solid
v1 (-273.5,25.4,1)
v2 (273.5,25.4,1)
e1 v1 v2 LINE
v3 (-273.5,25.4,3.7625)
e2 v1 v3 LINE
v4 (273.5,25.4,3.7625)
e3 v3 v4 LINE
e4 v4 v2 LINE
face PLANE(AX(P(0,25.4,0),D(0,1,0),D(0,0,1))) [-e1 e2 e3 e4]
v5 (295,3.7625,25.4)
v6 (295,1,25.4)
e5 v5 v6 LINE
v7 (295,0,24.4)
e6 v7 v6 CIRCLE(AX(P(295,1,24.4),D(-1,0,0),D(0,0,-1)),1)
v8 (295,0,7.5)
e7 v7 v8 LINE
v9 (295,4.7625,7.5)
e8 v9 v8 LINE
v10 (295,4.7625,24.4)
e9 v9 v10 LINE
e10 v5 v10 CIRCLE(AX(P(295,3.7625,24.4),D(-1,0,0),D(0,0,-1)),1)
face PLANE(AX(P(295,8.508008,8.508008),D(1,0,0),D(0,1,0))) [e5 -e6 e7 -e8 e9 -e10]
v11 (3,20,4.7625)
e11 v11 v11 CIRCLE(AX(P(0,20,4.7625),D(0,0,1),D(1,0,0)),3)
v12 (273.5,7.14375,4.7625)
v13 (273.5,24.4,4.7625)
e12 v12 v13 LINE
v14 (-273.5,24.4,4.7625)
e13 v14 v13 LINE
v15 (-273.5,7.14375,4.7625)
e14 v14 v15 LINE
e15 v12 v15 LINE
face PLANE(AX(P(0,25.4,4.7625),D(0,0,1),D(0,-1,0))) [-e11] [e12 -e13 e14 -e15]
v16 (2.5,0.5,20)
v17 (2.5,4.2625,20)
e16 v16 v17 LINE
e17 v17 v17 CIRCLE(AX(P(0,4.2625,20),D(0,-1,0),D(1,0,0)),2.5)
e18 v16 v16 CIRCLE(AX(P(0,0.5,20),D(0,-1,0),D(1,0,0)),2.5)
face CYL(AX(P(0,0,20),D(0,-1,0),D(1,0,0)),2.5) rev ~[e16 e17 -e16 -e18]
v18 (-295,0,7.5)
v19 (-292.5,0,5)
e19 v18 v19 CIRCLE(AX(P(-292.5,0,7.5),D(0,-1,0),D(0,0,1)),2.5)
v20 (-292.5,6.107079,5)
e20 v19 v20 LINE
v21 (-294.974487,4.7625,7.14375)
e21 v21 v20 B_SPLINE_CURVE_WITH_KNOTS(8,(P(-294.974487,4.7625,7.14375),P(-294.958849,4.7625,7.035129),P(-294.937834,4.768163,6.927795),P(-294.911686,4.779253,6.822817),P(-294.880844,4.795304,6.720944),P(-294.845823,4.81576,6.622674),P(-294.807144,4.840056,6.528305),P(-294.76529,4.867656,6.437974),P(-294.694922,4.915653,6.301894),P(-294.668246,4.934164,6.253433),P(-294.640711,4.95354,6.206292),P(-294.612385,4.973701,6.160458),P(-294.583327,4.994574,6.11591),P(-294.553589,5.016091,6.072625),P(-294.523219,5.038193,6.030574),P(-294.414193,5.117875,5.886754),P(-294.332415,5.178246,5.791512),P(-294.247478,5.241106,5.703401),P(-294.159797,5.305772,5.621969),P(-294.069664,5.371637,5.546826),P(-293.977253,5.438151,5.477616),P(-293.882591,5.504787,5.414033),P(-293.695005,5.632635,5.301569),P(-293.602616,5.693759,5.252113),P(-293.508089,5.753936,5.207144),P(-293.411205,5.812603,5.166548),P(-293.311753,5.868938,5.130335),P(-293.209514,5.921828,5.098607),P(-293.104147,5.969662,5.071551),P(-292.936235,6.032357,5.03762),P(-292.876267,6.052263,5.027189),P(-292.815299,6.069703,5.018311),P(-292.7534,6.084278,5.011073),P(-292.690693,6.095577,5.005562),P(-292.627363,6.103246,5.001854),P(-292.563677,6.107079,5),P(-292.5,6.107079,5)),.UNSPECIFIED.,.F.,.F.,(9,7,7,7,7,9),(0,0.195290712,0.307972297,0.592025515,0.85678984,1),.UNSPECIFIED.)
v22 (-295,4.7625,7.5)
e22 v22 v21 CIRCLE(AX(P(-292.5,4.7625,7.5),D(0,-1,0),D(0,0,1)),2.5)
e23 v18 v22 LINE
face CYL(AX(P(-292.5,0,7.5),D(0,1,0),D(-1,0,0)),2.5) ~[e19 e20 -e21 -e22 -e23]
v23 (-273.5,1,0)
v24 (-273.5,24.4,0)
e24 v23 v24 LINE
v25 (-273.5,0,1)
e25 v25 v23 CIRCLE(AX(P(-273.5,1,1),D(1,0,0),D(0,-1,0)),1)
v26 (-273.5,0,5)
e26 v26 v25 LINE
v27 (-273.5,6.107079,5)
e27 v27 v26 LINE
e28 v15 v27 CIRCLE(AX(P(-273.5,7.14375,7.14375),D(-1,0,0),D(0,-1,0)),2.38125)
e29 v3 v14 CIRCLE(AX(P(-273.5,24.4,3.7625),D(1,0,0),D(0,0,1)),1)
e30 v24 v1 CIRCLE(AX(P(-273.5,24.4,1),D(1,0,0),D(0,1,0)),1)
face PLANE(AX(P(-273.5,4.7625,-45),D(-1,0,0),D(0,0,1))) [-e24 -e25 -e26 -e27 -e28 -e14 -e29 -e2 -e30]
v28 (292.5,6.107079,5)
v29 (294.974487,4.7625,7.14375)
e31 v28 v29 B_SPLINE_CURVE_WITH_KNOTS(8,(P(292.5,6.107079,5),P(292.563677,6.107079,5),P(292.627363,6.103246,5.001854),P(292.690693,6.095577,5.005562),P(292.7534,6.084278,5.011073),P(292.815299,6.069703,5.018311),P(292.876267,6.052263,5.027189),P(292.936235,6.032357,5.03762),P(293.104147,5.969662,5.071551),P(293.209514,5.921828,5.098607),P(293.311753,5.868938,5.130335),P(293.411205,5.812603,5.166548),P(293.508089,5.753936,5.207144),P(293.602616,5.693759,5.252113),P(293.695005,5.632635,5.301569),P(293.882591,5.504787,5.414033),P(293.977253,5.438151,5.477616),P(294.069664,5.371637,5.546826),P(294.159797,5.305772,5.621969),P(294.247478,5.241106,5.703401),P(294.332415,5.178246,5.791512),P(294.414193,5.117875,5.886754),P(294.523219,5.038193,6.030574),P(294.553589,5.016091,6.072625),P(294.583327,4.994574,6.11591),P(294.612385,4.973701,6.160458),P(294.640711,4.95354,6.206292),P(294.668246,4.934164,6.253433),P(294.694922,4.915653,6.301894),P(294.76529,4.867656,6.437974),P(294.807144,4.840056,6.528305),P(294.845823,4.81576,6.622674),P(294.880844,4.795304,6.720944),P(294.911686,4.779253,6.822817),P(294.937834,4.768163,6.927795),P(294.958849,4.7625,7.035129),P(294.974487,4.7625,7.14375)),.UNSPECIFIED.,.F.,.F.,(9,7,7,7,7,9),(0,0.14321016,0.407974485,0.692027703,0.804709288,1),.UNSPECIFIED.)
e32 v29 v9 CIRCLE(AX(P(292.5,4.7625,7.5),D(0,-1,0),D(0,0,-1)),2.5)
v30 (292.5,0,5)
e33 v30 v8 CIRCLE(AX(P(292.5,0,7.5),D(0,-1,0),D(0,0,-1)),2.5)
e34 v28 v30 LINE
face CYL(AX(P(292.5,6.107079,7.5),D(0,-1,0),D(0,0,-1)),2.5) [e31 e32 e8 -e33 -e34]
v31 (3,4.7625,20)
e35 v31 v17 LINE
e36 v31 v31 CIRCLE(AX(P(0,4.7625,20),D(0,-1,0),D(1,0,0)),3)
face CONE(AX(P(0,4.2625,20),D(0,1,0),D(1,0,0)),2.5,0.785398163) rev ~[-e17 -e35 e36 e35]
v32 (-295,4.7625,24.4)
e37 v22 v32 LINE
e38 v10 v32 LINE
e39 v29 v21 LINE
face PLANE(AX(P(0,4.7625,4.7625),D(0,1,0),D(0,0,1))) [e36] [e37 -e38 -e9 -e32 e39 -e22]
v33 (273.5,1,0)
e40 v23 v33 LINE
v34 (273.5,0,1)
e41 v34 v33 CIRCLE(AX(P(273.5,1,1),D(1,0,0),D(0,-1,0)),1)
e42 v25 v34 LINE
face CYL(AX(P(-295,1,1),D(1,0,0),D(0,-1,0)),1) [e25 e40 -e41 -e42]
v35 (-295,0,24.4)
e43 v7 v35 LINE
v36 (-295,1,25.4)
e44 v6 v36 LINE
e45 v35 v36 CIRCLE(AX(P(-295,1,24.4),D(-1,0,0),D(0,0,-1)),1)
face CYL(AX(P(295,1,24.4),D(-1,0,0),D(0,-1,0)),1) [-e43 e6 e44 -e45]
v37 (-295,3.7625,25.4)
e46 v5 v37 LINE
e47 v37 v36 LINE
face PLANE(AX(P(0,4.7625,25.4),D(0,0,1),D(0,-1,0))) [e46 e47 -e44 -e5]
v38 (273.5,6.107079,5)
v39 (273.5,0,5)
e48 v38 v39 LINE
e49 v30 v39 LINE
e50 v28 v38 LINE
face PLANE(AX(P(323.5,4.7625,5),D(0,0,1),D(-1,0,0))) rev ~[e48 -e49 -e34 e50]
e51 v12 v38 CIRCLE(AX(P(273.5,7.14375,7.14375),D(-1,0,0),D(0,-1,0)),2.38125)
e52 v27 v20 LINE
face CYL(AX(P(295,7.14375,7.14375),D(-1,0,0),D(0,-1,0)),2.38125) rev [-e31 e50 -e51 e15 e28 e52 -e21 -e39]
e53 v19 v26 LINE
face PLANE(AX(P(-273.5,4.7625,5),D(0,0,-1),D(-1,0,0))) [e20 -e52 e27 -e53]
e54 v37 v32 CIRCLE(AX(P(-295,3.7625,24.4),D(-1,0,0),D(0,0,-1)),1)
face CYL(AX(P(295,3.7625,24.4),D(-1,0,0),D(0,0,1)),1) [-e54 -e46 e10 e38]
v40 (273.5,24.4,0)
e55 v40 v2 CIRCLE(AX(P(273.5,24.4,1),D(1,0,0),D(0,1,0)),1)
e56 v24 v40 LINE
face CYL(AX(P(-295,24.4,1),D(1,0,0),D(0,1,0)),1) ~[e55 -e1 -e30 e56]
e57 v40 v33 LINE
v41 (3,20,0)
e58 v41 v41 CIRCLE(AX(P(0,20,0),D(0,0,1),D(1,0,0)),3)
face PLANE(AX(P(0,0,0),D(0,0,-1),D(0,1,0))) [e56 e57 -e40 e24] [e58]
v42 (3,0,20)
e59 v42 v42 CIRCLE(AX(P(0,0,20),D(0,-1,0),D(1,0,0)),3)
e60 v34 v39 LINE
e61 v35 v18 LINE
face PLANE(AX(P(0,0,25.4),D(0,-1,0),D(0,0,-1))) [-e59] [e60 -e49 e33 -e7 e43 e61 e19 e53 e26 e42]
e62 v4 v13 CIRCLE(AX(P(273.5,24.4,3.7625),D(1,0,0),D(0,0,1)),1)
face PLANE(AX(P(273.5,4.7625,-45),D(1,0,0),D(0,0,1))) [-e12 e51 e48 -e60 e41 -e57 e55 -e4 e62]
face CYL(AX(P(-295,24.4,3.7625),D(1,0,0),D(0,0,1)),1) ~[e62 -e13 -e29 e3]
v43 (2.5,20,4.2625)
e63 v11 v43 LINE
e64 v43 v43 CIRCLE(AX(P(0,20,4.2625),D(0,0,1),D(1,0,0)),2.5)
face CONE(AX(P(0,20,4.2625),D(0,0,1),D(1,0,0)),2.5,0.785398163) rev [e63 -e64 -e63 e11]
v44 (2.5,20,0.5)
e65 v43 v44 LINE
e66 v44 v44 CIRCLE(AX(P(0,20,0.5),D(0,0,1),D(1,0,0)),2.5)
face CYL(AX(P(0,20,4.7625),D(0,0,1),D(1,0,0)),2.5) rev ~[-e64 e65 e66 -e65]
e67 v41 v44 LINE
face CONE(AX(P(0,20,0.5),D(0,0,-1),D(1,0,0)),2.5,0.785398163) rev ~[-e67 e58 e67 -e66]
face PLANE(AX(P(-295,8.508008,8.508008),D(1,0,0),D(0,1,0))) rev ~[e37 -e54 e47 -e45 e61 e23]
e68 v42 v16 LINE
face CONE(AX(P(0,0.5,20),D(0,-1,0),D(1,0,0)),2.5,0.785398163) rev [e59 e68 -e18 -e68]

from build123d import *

# Parameters (mm, degrees)
F1_DEPTH  = 295
F2_R      = 1
F3_R      = 2.38125
F5_W      = 50
F5_H      = 50
F6_DEPTH  = 25
F7_R      = 2.5
F8_R      = 2.5
F9_DEPTH  = 25
F10_SIZE  = 0.5
F11_R     = 2.5
F12_DEPTH = 25
F13_SIZE  = 0.5


with BuildPart() as f1:
    # F0 (on Right) → F1 (new body, symmetric)
    with BuildSketch(Plane.YZ):
        Polygon((0, 25.4), (0, 0), (25.4, 0), (25.4, 4.7625), (4.7625, 4.7625), (4.7625, 25.4), align=None)
    extrude(amount=F1_DEPTH, both=True)

    # F2
    f2_edges = [f1.edges().sort_by_distance(p)[0] for p in [
        (0, 0, 25.4),
        (0, 4.7625, 25.4),
        (0, 0, 0),
        (0, 25.4, 4.7625),
        (0, 25.4, 0),
    ]]
    fillet(f2_edges, radius=F2_R)

    # F3
    f3_edges = [f1.edges().sort_by_distance(p)[0] for p in [
        (0, 4.7625, 4.7625),
    ]]
    fillet(f3_edges, radius=F3_R)

    # F5 (on face) → F6 (cut, symmetric)
    with BuildSketch(Plane(origin=(0, 4.7625, 0), x_dir=(-1, 0, 0), z_dir=(0, 1, 0))):
        with Locations((-298.5, -20)):
            Rectangle(F5_W, F5_H)
        with Locations((298.5, -20)):
            Rectangle(F5_W, F5_H)
    extrude(amount=F6_DEPTH, both=True, mode=Mode.SUBTRACT)

    # F7
    f7_edges = [f1.edges().sort_by_distance(p)[0] for p in [
        (295, 3.053539, 5),
        (-295, 3.053539, 5),
    ]]
    fillet(f7_edges, radius=F7_R)

    # F8 (on face) → F9 (cut)
    with BuildSketch(Plane.XY.offset(4.7625)):
        with Locations((0, 20)):
            Circle(F8_R)
    extrude(amount=-F9_DEPTH, mode=Mode.SUBTRACT)

    # F10
    f10_edges = [f1.edges().sort_by_distance(p)[0] for p in [
        (-2.5, 20, 4.7625),
        (2.5, 20, 2.38125),
        (-2.5, 20, 0),
    ]]
    chamfer(f10_edges, length=F10_SIZE)

    # F11 (on face) → F12 (cut)
    with BuildSketch(Plane.XZ):
        with Locations((0, 20)):
            Circle(F11_R)
    extrude(amount=-F12_DEPTH, mode=Mode.SUBTRACT)

    # F13
    f13_edges = [f1.edges().sort_by_distance(p)[0] for p in [
        (-2.5, 0, 20),
        (2.5, 2.38125, 20),
        (-2.5, 4.7625, 20),
    ]]
    chamfer(f13_edges, length=F13_SIZE)


solid = f1.part
